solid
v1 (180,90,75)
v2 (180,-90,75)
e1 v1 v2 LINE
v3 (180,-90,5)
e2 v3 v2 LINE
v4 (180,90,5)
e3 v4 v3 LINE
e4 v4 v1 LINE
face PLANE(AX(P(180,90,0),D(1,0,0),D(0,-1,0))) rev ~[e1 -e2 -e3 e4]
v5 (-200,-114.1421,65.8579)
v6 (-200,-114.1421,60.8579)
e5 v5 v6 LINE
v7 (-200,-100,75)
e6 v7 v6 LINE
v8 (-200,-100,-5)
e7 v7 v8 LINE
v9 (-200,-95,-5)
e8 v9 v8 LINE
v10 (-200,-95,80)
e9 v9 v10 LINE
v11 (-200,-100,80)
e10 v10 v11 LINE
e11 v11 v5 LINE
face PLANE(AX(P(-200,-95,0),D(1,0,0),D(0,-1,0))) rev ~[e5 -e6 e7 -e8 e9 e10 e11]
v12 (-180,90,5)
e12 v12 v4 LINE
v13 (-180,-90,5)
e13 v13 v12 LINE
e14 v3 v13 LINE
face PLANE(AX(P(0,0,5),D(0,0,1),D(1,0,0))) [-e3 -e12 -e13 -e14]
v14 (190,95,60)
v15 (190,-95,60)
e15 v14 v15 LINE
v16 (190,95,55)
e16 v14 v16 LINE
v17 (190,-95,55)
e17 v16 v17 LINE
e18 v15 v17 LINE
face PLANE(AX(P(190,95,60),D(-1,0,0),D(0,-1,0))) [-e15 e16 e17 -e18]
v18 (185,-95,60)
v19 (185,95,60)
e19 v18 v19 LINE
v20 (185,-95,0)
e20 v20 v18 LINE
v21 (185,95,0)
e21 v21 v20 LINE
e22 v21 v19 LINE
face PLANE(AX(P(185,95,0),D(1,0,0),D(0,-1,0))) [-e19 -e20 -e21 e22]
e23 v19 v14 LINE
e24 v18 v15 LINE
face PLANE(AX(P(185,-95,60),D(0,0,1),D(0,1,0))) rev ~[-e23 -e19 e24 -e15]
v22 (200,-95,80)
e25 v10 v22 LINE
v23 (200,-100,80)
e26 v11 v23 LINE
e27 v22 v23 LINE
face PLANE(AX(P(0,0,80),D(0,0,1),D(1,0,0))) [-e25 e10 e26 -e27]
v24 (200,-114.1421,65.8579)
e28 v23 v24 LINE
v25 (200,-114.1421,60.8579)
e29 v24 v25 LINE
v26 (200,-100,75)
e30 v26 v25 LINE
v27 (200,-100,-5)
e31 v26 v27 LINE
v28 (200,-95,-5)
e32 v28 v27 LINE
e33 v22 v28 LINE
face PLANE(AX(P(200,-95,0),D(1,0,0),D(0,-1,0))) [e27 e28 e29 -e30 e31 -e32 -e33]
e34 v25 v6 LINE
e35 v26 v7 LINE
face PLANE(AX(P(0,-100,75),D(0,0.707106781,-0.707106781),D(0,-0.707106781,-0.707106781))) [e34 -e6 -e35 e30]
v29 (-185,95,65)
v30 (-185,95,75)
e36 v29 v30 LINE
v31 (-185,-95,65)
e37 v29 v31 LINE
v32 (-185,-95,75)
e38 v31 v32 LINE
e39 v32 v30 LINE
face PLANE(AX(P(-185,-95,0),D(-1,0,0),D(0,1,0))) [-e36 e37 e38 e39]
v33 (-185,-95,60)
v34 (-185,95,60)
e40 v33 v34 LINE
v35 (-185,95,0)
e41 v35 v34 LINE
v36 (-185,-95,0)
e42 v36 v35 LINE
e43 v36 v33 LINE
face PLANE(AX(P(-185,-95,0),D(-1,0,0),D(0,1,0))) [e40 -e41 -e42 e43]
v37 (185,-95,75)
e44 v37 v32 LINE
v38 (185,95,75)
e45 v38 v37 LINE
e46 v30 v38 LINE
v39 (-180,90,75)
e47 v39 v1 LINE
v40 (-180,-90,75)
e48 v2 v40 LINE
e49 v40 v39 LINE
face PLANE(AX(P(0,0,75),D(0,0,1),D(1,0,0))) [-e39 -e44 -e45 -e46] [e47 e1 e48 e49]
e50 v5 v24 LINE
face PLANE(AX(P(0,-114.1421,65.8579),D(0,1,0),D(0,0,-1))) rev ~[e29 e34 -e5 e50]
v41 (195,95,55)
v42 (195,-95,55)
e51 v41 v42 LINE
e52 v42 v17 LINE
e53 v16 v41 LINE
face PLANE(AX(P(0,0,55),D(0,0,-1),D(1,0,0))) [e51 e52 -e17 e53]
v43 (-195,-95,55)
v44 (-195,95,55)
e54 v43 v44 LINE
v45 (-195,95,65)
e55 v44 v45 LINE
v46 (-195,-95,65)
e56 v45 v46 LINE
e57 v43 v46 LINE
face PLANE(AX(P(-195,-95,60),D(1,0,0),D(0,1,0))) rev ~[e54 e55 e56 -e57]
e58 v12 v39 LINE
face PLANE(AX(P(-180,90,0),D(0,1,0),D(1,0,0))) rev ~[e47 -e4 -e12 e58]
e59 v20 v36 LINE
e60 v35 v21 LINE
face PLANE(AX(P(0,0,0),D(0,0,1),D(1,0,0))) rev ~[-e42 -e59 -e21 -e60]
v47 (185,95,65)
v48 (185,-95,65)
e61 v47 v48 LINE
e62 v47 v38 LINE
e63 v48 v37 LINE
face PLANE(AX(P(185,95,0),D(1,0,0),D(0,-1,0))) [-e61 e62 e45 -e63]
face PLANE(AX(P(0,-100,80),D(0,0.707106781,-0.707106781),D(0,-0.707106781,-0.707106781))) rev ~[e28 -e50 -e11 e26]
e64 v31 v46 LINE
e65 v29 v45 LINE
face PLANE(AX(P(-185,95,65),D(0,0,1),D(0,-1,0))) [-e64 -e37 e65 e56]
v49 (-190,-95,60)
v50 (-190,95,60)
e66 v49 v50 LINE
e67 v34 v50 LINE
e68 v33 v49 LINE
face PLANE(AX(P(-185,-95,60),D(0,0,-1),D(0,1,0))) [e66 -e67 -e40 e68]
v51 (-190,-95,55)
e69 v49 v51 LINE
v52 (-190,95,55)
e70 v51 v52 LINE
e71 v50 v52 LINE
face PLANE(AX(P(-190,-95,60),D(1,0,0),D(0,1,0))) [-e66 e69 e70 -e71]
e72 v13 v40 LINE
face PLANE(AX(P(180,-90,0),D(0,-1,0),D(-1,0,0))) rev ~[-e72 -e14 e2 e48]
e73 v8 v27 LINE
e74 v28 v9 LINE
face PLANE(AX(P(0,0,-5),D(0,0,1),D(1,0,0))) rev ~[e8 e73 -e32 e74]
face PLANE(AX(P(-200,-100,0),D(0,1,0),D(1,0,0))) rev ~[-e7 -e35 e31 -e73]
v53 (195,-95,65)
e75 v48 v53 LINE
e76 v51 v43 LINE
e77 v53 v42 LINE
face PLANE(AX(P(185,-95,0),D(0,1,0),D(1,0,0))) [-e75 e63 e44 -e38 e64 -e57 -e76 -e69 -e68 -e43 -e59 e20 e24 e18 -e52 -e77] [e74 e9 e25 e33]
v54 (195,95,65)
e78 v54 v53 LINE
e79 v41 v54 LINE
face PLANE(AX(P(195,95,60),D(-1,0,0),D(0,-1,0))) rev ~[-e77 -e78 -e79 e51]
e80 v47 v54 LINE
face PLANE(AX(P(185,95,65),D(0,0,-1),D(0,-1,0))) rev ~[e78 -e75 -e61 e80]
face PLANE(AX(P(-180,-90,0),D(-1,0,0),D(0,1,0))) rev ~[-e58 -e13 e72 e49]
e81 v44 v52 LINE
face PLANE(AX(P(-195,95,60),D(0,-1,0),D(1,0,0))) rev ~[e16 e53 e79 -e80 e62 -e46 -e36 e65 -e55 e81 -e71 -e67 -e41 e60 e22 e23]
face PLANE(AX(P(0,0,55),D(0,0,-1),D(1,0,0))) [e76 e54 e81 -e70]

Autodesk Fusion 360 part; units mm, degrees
sketch "Sketch1" plane through (0, 0, 0) normal (0, 0, 1) x (1, 0, 0)
  line L0 (185, -95) -> (-185, -95)
  line L1 (-185, -95) -> (-185, 95)
  line L2 (-185, 95) -> (185, 95)
  line L3 (185, 95) -> (185, -95)
  line L4 (185, -95) -> (-185, 95) construction
  line L5 (-185, -95) -> (185, 95) construction
  line L6 (180, -90) -> (-180, -90)
  line L7 (-180, -90) -> (-180, 90)
  line L8 (-180, 90) -> (180, 90)
  line L9 (180, 90) -> (180, -90)
  line L10 (180, -90) -> (-180, 90) construction
  line L11 (-180, -90) -> (180, 90) construction
  line L12 (-185, -95) -> (-200, -95)
  line L13 (-200, -95) -> (-200, -100)
  line L14 (-200, -100) -> (200, -100)
  line L15 (185, -95) -> (200, -95)
  line L16 (200, -95) -> (200, -100)
  dimension "d1" = 370
  dimension "d2" = 190
  dimension "d3" = 360
  dimension "d4" = 180
  dimension "d5" = 400
  dimension "d6" = 15
  dimension "d7" = 5
extrude "Extrude1" add sketch "Sketch1" along normal blind 75 contours L0 L1 L2 L3
extrude "Extrude2" add sketch "Sketch1" along normal blind 5 contours L6 L7 L8 L9
extrude "Extrude3" add sketch "Sketch1" along normal blind 80 and the other way blind 5 contours L0 L12 L13 L14 L15 L16
sketch "Sketch9" plane through (185, 0, 0) normal (1, 0, 0) x (0, 1, 0)
  line L0 (-95, 0) -> (95, 0)
  line L1 (95, 0) -> (95, 75)
  line L2 (95, 75) -> (-95, 75)
  line L3 (-95, 75) -> (-95, 0)
  line L4 (0, 0) -> (0, 60) construction
  line L5 (0, 60) -> (95, 60) construction
  line L6 (0, 60) -> (-95, 60) construction
  line L7 (-95, 60) -> (95, 60)
  line L8 (95, 60) -> (95, 65)
  line L9 (95, 65) -> (-95, 65)
  line L10 (-95, 65) -> (-95, 60)
  dimension "d48" = 5
  dimension "d49" = 60
extrude "Extrude10" add sketch "Sketch9" along normal blind 10 contours L1 L3 L7 L8 L9 L10
sketch "Sketch10" plane through (0, 0, 60) normal (0, 0, -1) x (1, 0, 0)
  line L0 (185, 95) -> (185, -95)
  line L1 (185, -95) -> (195, -95)
  line L2 (195, -95) -> (195, 95)
  line L3 (195, 95) -> (185, 95)
  line L4 (195, -95) -> (190, -95)
  line L5 (190, -95) -> (190, 95)
  line L6 (190, 95) -> (195, 95)
  line L7 (195, 95) -> (195, -95)
extrude "Extrude11" add sketch "Sketch10" along normal blind 5 contours L1 L2 L3 L4 L5 L6 L7
sketch "Sketch11" plane through (-185, 0, 0) normal (-1, 0, 0) x (0, -1, 0)
  line L0 (-95, 0) -> (95, 0)
  line L1 (95, 0) -> (95, 75)
  line L2 (95, 75) -> (-95, 75)
  line L3 (-95, 75) -> (-95, 0)
  line L4 (0, 0) -> (0, 60) construction
  line L5 (95, 60) -> (-95, 60)
  line L6 (-95, 60) -> (-95, 65)
  line L7 (-95, 65) -> (95, 65)
  line L8 (95, 65) -> (95, 60)
  dimension "d54" = 5
  dimension "d55" = 190
  dimension "d56" = 60
extrude "Extrude12" add sketch "Sketch11" along normal blind 10 contours L1 L3 L5 L6 L7 L8
sketch "Sketch13" plane through (0, 0, 60) normal (0, 0, -1) x (1, 0, 0)
  line L0 (-185, -95) -> (-185, 95)
  line L1 (-185, 95) -> (-195, 95)
  line L2 (-195, 95) -> (-195, -95)
  line L3 (-195, -95) -> (-185, -95)
  line L4 (-190, -95) -> (-195, -95)
  line L5 (-195, -95) -> (-195, 95)
  line L6 (-195, 95) -> (-190, 95)
  line L7 (-190, 95) -> (-190, -95)
extrude "Extrude13" add sketch "Sketch13" along normal blind 5 contours L1 L2 L3 L4 L5 L6 L7
sketch "Sketch14" plane through (0, 0, 0) normal (1, 0, 0) x (0, 1, 0)
  curve L0
  line L1 (-100, 80) -> (-114.1421, 65.8579)
  line L2 (-100, 80) -> (-120, 80) construction
  line L3 (-114.1421, 65.8579) -> (-114.1421, 60.8579)
  line L4 (-100, 80) -> (-100, 75)
  line L5 (-100, 75) -> (-114.1421, 60.8579)
  dimension "d61" = 45
  dimension "d62" = 20
  dimension "d63" = 5
extrude "Extrude14" add sketch "Sketch14" along normal mid plane 400
